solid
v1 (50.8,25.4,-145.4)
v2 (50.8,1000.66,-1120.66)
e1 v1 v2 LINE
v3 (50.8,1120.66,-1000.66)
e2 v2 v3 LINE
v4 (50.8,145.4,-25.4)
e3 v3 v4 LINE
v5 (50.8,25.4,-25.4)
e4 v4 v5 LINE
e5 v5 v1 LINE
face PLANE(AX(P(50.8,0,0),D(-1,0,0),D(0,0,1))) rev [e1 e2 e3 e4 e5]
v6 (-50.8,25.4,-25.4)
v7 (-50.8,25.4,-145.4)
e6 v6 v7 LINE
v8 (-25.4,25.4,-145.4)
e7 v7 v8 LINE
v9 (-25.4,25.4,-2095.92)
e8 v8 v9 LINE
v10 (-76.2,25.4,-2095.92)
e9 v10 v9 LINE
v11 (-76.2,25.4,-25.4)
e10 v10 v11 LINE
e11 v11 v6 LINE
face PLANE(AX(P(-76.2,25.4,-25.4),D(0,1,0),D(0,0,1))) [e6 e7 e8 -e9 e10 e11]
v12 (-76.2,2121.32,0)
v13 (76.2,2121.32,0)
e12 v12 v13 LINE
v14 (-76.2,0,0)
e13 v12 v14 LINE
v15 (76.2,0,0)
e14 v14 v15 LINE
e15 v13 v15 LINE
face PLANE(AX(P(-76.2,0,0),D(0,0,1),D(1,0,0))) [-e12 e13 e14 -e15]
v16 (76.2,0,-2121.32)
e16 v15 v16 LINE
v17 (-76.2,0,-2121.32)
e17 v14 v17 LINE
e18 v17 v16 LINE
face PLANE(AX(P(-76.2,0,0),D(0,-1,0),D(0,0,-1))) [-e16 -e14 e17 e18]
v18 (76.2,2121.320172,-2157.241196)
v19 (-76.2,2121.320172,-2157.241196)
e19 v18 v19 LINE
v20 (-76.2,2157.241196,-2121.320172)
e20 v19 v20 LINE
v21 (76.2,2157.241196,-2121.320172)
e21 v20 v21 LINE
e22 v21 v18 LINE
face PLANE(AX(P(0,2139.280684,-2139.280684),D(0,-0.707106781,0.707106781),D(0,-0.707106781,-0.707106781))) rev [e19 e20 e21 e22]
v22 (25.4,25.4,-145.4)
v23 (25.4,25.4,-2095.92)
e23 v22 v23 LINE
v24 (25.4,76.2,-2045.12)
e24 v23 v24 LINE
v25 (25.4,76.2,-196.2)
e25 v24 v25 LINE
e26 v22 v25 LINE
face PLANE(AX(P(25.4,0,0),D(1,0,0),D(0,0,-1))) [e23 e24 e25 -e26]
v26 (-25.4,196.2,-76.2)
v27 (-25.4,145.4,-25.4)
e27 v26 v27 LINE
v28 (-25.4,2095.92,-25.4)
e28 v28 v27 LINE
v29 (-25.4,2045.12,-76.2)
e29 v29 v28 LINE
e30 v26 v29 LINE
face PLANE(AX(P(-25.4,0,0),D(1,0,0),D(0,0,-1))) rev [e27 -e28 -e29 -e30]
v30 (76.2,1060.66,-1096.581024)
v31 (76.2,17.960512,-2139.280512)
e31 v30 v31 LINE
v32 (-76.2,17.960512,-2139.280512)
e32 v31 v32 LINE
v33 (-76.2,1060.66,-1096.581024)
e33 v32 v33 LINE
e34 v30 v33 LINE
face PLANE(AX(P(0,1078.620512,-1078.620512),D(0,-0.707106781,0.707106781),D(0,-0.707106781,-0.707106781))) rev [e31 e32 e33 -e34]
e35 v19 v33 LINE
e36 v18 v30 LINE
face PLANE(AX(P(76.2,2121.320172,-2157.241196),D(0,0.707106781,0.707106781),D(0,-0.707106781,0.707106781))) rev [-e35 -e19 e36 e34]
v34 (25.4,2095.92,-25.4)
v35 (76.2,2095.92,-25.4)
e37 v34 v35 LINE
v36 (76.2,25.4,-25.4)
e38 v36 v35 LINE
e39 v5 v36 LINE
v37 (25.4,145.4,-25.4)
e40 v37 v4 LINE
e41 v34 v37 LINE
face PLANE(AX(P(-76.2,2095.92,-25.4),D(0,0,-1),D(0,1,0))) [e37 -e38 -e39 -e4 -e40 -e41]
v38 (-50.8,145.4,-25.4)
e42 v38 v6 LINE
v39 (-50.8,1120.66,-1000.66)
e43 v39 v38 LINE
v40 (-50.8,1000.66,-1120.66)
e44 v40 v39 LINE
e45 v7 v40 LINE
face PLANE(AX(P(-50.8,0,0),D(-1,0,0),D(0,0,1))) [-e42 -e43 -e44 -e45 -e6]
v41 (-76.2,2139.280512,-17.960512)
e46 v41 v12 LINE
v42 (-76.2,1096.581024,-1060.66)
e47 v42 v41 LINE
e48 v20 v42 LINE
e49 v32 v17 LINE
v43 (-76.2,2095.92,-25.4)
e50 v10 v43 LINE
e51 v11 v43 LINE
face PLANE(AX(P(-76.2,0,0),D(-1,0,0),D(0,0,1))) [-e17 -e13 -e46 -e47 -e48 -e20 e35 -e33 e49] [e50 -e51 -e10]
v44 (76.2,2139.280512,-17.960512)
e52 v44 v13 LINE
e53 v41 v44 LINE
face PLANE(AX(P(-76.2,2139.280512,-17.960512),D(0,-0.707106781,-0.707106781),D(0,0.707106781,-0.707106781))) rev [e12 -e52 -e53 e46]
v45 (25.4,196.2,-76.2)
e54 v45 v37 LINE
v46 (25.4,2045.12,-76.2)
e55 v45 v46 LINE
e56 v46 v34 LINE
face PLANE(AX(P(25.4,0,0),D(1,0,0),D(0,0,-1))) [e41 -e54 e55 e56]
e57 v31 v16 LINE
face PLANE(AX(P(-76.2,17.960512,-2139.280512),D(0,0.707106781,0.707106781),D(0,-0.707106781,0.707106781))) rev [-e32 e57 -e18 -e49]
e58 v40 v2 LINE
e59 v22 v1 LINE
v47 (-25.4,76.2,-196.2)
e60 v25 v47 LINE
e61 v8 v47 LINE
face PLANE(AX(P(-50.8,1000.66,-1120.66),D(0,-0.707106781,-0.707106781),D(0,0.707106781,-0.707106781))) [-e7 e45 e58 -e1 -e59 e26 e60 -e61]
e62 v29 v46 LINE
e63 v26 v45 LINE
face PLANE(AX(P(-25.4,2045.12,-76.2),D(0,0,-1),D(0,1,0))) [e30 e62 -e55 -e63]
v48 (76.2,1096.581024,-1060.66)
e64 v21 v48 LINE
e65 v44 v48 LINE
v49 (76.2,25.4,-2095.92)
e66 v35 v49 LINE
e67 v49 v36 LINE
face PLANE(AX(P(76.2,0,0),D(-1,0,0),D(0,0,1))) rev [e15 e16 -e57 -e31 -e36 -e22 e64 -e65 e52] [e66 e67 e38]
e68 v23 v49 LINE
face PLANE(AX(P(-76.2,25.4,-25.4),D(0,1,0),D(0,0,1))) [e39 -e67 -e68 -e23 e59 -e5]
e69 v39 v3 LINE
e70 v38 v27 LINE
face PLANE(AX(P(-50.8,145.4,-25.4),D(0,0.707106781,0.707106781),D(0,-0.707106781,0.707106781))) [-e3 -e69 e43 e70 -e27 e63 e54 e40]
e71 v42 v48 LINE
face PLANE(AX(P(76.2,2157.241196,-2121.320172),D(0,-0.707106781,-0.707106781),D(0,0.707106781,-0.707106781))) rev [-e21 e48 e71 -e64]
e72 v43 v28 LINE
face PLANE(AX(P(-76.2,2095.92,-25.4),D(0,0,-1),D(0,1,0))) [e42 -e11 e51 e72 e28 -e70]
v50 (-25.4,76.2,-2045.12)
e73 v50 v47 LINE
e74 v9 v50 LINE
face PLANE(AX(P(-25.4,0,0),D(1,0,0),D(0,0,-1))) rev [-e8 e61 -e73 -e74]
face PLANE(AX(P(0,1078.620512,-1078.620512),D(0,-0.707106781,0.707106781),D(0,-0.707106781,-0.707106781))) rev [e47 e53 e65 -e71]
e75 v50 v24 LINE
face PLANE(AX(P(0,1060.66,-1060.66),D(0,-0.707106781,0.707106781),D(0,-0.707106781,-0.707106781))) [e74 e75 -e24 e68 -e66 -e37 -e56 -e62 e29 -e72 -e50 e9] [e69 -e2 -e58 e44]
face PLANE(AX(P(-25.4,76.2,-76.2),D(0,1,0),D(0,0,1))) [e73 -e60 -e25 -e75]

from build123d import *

# Parameters (mm, degrees)
EXTRUDE_2_DEPTH      = 76.2
EXTRUDE_2_DEPTH_BACK = 76.2
EXTRUDE_3_DEPTH      = 25.4
EXTRUDE_3_DEPTH_BACK = 25.4
SKETCH_4_W           = 152.4
SKETCH_4_H           = 2999.999514134
EXTRUDE_4_DEPTH      = 25.4
EXTRUDE_5_DEPTH      = 25.4
EXTRUDE_5_DEPTH_BACK = 76.2
SKETCH_6_W           = 152.4
SKETCH_6_H           = 50.8
EXTRUDE_6_DEPTH      = 1500


with BuildPart() as part:
    # 草图1 → 凸台-拉伸2 (new, two sides: drawn at the far end of the back side and taken through both)
    with BuildSketch(Plane(origin=(0, 0, 0), x_dir=(0, 0, -1), z_dir=(1, 0, 0)).offset(-EXTRUDE_2_DEPTH_BACK)):
        Polygon((0, 0), (0, 2121.32), (25.4, 2095.92), (25.4, 25.4), (2095.92, 25.4), (2121.32, 0), align=None)
    extrude(amount=EXTRUDE_2_DEPTH + EXTRUDE_2_DEPTH_BACK)

    # 草图3 → 凸台-拉伸3 (add, two sides: drawn at the far end of the back side and taken through both)
    with BuildSketch(Plane(origin=(0, 0, 0), x_dir=(0, 0, -1), z_dir=(1, 0, 0)).offset(-EXTRUDE_3_DEPTH_BACK)):
        Polygon((25.4, 2095.92), (25.4, 25.4), (2095.92, 25.4), (2045.12, 76.2), (76.2, 76.2), (76.2, 2045.12), align=None)
    extrude(amount=EXTRUDE_3_DEPTH + EXTRUDE_3_DEPTH_BACK)

    # 草图4 → 凸台-拉伸4 (add)
    with BuildSketch(Plane(origin=(0, 1060.66, -1060.66), x_dir=(1, 0, 0), z_dir=(0, 0.7071067811865493, -0.7071067811865457))):
        Rectangle(SKETCH_4_W, SKETCH_4_H)
    extrude(amount=EXTRUDE_4_DEPTH)

    # 草图5 → 凸台-拉伸5 (add, two sides: drawn at the far end of the back side and taken through both)
    with BuildSketch(Plane(origin=(25.4, 0, 0), x_dir=(0, 0, -1), z_dir=(1, 0, 0)).offset(-EXTRUDE_5_DEPTH_BACK)):
        Polygon((25.4, 25.4), (25.4, 145.4), (1000.66, 1120.66), (1120.66, 1000.66), (145.4, 25.4), align=None)
    extrude(amount=EXTRUDE_5_DEPTH + EXTRUDE_5_DEPTH_BACK)

    # 草图6 → 凸台-拉伸6 (add)
    with BuildSketch(Plane(origin=(0, 1078.620512242, -1078.620512242), x_dir=(1, 0, 0), z_dir=(0, 0.7071067811865495, -0.7071067811865457))):
        Rectangle(SKETCH_6_W, SKETCH_6_H)
    extrude(amount=EXTRUDE_6_DEPTH)


solid = part.part
